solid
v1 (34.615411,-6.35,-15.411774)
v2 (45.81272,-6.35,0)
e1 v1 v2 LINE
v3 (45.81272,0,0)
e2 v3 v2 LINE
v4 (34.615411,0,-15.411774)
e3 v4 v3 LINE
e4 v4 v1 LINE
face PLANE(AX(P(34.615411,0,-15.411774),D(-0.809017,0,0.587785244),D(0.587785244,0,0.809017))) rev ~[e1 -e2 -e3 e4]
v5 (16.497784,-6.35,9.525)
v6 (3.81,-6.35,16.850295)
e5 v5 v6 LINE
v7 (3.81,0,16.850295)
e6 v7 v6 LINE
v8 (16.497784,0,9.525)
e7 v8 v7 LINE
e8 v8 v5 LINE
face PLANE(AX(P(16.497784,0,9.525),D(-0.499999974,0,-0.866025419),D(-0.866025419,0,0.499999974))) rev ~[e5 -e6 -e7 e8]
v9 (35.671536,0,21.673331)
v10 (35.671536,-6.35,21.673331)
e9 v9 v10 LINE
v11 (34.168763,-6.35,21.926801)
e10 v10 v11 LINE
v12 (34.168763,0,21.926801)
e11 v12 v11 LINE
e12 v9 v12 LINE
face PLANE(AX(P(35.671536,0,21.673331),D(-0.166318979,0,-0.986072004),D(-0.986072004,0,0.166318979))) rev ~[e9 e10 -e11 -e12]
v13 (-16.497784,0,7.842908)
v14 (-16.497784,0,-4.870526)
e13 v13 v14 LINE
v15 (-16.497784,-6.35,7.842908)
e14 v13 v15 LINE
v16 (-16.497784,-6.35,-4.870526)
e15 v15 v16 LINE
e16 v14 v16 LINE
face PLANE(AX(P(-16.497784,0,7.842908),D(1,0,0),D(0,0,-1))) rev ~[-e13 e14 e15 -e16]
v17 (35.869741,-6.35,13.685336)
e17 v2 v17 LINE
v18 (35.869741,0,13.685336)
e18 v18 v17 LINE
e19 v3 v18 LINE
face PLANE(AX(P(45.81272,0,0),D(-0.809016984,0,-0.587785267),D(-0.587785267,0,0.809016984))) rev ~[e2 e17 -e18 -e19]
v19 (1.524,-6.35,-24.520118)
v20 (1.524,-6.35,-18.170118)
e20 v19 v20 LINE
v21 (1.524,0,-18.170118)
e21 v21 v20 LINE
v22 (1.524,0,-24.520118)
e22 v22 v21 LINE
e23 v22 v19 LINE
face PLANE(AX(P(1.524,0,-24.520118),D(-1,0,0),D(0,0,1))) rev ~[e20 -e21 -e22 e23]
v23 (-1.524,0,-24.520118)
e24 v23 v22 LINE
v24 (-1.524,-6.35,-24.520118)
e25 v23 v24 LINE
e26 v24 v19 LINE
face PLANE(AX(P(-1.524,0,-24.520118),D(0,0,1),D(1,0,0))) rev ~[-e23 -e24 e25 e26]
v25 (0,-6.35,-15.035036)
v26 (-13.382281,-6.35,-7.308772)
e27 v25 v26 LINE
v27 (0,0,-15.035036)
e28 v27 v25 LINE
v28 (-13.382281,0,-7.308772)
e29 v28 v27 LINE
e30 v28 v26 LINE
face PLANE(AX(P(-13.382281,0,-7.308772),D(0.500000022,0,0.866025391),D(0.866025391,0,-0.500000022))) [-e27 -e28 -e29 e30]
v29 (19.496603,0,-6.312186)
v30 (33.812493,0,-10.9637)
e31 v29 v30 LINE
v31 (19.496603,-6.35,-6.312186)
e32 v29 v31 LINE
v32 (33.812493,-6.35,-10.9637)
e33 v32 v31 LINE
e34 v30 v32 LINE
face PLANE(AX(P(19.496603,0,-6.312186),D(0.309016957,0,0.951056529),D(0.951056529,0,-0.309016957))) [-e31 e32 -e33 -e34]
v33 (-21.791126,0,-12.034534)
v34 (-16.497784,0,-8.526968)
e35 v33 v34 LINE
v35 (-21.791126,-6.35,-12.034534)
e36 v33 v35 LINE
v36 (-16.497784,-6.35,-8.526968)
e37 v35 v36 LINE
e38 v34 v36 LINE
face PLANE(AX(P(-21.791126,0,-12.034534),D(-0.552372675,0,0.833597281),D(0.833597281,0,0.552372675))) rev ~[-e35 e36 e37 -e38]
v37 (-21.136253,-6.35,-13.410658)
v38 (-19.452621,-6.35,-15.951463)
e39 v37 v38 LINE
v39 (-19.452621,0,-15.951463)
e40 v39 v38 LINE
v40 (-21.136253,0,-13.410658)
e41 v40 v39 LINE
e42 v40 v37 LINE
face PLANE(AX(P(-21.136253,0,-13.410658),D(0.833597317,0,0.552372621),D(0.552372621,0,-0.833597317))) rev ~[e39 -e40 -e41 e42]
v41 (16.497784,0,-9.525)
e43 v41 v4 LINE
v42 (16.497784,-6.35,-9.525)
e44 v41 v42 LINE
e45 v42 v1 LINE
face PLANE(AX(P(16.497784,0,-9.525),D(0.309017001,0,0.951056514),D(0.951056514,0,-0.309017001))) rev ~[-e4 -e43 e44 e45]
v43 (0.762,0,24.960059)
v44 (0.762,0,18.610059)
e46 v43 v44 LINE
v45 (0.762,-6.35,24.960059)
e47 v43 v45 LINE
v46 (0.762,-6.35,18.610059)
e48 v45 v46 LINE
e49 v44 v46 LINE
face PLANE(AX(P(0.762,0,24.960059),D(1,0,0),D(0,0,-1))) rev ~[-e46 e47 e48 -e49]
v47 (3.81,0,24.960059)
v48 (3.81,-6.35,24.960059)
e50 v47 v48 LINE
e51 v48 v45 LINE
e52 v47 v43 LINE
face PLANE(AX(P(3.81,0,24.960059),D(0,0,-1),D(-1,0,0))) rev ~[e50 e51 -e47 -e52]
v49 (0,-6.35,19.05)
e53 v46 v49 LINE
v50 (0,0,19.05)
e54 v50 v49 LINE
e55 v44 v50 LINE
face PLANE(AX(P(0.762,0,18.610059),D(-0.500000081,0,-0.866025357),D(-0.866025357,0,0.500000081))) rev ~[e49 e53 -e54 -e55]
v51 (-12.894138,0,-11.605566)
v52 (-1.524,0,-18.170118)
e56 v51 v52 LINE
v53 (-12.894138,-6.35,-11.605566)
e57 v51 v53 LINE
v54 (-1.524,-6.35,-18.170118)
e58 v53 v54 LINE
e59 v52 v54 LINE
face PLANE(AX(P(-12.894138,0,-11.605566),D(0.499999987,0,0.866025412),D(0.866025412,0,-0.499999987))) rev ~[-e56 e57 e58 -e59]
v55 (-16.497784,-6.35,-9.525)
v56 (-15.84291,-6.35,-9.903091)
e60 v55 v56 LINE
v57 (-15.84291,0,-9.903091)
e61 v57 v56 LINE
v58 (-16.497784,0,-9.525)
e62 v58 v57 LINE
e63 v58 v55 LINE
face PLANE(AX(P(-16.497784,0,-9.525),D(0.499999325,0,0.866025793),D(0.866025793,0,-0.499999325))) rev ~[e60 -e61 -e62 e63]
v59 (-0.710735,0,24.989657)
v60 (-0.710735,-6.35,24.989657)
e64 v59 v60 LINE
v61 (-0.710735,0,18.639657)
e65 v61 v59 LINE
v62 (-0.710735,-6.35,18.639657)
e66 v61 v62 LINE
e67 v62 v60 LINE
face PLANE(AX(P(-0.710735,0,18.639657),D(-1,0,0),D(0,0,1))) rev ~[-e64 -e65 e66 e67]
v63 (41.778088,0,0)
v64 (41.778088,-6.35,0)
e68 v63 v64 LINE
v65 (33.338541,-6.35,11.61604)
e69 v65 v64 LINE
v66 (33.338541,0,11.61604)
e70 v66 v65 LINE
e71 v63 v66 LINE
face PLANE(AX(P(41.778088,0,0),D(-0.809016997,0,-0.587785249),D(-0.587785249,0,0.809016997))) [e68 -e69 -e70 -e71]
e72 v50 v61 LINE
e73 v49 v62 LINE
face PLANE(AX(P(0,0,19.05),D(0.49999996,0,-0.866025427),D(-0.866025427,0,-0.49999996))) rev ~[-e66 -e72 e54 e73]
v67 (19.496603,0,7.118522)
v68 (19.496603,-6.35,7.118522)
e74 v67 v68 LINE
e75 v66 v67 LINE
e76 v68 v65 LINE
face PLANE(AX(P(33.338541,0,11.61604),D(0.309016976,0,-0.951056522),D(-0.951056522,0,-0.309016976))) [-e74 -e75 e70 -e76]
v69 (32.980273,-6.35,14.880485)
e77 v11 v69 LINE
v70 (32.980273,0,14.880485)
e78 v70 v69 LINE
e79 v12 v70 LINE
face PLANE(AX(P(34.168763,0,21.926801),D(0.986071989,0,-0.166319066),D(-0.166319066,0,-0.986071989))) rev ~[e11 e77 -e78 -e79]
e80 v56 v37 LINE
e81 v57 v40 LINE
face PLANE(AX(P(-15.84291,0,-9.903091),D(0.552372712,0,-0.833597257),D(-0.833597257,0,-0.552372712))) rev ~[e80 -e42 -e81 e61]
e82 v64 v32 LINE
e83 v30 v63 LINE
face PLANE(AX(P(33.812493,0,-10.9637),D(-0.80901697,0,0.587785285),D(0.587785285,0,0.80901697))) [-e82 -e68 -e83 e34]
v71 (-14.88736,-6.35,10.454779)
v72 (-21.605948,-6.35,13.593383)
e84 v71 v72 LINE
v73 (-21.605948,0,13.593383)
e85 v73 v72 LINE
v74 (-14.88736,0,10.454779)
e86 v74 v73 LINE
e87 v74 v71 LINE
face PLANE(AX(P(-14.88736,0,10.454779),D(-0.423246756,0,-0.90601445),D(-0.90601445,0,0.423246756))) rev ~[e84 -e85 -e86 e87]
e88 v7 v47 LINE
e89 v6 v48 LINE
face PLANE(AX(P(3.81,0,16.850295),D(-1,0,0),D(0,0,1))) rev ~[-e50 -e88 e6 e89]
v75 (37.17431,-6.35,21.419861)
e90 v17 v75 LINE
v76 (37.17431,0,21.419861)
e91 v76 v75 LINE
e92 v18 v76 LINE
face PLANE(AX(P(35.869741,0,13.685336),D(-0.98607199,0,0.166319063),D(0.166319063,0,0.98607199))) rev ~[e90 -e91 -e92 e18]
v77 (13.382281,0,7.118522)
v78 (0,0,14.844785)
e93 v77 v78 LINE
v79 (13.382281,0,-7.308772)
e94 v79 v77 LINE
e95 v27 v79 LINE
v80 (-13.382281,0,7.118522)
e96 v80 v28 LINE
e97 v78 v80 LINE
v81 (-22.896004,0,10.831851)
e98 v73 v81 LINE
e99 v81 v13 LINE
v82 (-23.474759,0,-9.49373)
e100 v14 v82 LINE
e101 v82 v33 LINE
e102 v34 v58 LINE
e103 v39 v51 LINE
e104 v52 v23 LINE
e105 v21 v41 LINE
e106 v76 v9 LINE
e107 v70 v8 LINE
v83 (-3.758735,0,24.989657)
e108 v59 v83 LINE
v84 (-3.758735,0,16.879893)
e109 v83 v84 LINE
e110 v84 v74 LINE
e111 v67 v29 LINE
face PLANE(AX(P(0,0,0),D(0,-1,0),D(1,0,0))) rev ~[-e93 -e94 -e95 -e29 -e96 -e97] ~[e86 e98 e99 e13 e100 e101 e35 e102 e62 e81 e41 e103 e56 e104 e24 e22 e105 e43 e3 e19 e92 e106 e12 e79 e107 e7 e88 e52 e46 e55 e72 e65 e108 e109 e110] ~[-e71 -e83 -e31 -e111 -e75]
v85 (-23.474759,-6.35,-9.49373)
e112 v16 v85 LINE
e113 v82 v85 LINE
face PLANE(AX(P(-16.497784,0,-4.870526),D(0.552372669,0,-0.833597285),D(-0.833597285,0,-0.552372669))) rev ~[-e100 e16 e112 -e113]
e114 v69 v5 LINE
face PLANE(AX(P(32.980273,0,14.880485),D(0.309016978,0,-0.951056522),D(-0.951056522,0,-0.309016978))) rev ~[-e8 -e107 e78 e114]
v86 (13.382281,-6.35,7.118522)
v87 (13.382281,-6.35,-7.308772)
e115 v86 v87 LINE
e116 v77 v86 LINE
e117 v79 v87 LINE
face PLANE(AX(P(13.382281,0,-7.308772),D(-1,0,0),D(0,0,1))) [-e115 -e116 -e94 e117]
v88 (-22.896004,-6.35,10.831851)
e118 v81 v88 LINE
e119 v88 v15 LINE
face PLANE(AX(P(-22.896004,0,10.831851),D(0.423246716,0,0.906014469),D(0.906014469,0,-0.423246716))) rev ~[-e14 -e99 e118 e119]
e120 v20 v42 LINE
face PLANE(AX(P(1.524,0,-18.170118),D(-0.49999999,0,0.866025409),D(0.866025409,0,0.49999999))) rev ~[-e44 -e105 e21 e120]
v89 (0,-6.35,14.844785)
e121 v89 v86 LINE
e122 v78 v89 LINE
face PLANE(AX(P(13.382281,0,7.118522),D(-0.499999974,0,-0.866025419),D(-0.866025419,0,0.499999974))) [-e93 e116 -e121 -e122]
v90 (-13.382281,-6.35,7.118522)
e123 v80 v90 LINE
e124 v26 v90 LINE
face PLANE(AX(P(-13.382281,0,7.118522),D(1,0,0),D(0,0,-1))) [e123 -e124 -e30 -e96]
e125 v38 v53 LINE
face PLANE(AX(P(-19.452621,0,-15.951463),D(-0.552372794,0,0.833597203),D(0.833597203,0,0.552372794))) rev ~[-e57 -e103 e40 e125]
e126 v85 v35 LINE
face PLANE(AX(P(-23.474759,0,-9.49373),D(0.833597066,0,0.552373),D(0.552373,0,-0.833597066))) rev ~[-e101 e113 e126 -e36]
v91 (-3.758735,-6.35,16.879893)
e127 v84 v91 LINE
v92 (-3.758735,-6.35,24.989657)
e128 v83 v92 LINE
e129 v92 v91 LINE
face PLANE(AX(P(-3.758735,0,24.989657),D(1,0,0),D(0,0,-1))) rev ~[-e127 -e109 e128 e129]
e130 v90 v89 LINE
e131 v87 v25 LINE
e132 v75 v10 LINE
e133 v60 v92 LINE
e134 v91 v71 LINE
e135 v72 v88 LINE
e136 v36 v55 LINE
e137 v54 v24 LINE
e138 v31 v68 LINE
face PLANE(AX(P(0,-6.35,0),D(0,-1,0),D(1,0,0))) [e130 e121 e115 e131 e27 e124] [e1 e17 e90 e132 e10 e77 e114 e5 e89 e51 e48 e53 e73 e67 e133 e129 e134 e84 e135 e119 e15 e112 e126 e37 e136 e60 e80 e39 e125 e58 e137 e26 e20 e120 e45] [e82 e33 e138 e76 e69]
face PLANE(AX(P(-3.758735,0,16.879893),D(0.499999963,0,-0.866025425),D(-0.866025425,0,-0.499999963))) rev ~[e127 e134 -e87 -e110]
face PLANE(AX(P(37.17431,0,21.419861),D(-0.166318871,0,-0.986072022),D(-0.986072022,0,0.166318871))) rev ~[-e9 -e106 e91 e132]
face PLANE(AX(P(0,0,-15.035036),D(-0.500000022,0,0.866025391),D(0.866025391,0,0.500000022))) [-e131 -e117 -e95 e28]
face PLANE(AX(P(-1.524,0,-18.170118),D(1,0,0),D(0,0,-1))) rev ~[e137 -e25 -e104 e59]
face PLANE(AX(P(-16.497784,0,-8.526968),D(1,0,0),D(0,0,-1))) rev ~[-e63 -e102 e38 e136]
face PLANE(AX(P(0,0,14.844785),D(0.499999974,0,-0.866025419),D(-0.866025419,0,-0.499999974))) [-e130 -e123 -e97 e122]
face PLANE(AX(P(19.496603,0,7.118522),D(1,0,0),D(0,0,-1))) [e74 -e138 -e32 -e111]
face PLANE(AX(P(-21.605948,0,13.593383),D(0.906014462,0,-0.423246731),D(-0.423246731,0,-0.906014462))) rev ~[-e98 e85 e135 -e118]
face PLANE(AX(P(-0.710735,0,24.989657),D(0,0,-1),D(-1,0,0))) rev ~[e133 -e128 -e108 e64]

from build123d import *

# Parameters (mm, degrees)
F1_DEPTH = 6.35
F3_DEPTH = 60.96


with BuildPart() as f1:
    # F0 (on Front) → F1 (new body)
    with BuildSketch(Plane.XZ):
        Polygon((0.762, 18.610059), (0, 19.05), (-0.710735, 18.639657), (-3.758735, 16.879893), (-14.88736, 10.454779), (-16.497784, 9.525), (-16.497784, 7.842908), (-16.497784, 0), (-16.497784, -4.870526), (-16.497784, -8.526968), (-16.497784, -9.525), (-15.84291, -9.903091), (-12.894138, -11.605566), (-1.524, -18.170118), (0, -19.05), (1.524, -18.170118), (16.497784, -9.525), (16.497784, 0), (16.497784, 9.525), (3.81, 16.850295), align=None)
        Polygon((0.762, 24.960059), (0.762, 18.610059), (3.81, 16.850295), (3.81, 24.960059), align=None)
        Polygon((-3.758735, 16.879893), (-0.710735, 18.639657), (-0.710735, 24.989657), (-3.758735, 24.989657), align=None)
        Polygon((32.980273, 14.880485), (16.497784, 9.525), (16.497784, 0), (16.497784, -9.525), (34.615411, -15.411774), (45.81272, 0), (35.869741, 13.685336), (34.615411, 15.411774), align=None)
        Polygon((-16.497784, 9.525), (-14.88736, 10.454779), (-21.605948, 13.593383), (-22.250976, 12.212617), (-22.896004, 10.831851), (-16.497784, 7.842908), align=None)
        Polygon((34.168763, 21.926801), (32.980273, 14.880485), (34.615411, 15.411774), (35.869741, 13.685336), (37.17431, 21.419861), (35.671536, 21.673331), align=None)
        Polygon((1.524, -24.520118), (1.524, -18.170118), (0, -19.05), (-1.524, -18.170118), (-1.524, -24.520118), (0, -24.520118), align=None)
        Polygon((-16.497784, -8.526968), (-16.497784, -4.870526), (-23.474759, -9.49373), (-21.791126, -12.034534), align=None)
        Polygon((-19.452621, -15.951463), (-12.894138, -11.605566), (-15.84291, -9.903091), (-21.136253, -13.410658), align=None)
    extrude(amount=F1_DEPTH)

    # F2 (on face) → F3 (cut)
    with BuildSketch(Plane.XZ):
        Polygon((13.382281, 7.118522), (0, 14.844785), (-13.382281, 7.118522), (-13.382281, -7.308772), (0, -15.035036), (13.382281, -7.308772), align=None)
        Polygon((19.496603, 7.118522), (19.496603, -6.312186), (33.812493, -10.9637), (41.778088, 0), (33.338541, 11.61604), align=None)
    extrude(amount=F3_DEPTH, mode=Mode.SUBTRACT)


solid = f1.part
